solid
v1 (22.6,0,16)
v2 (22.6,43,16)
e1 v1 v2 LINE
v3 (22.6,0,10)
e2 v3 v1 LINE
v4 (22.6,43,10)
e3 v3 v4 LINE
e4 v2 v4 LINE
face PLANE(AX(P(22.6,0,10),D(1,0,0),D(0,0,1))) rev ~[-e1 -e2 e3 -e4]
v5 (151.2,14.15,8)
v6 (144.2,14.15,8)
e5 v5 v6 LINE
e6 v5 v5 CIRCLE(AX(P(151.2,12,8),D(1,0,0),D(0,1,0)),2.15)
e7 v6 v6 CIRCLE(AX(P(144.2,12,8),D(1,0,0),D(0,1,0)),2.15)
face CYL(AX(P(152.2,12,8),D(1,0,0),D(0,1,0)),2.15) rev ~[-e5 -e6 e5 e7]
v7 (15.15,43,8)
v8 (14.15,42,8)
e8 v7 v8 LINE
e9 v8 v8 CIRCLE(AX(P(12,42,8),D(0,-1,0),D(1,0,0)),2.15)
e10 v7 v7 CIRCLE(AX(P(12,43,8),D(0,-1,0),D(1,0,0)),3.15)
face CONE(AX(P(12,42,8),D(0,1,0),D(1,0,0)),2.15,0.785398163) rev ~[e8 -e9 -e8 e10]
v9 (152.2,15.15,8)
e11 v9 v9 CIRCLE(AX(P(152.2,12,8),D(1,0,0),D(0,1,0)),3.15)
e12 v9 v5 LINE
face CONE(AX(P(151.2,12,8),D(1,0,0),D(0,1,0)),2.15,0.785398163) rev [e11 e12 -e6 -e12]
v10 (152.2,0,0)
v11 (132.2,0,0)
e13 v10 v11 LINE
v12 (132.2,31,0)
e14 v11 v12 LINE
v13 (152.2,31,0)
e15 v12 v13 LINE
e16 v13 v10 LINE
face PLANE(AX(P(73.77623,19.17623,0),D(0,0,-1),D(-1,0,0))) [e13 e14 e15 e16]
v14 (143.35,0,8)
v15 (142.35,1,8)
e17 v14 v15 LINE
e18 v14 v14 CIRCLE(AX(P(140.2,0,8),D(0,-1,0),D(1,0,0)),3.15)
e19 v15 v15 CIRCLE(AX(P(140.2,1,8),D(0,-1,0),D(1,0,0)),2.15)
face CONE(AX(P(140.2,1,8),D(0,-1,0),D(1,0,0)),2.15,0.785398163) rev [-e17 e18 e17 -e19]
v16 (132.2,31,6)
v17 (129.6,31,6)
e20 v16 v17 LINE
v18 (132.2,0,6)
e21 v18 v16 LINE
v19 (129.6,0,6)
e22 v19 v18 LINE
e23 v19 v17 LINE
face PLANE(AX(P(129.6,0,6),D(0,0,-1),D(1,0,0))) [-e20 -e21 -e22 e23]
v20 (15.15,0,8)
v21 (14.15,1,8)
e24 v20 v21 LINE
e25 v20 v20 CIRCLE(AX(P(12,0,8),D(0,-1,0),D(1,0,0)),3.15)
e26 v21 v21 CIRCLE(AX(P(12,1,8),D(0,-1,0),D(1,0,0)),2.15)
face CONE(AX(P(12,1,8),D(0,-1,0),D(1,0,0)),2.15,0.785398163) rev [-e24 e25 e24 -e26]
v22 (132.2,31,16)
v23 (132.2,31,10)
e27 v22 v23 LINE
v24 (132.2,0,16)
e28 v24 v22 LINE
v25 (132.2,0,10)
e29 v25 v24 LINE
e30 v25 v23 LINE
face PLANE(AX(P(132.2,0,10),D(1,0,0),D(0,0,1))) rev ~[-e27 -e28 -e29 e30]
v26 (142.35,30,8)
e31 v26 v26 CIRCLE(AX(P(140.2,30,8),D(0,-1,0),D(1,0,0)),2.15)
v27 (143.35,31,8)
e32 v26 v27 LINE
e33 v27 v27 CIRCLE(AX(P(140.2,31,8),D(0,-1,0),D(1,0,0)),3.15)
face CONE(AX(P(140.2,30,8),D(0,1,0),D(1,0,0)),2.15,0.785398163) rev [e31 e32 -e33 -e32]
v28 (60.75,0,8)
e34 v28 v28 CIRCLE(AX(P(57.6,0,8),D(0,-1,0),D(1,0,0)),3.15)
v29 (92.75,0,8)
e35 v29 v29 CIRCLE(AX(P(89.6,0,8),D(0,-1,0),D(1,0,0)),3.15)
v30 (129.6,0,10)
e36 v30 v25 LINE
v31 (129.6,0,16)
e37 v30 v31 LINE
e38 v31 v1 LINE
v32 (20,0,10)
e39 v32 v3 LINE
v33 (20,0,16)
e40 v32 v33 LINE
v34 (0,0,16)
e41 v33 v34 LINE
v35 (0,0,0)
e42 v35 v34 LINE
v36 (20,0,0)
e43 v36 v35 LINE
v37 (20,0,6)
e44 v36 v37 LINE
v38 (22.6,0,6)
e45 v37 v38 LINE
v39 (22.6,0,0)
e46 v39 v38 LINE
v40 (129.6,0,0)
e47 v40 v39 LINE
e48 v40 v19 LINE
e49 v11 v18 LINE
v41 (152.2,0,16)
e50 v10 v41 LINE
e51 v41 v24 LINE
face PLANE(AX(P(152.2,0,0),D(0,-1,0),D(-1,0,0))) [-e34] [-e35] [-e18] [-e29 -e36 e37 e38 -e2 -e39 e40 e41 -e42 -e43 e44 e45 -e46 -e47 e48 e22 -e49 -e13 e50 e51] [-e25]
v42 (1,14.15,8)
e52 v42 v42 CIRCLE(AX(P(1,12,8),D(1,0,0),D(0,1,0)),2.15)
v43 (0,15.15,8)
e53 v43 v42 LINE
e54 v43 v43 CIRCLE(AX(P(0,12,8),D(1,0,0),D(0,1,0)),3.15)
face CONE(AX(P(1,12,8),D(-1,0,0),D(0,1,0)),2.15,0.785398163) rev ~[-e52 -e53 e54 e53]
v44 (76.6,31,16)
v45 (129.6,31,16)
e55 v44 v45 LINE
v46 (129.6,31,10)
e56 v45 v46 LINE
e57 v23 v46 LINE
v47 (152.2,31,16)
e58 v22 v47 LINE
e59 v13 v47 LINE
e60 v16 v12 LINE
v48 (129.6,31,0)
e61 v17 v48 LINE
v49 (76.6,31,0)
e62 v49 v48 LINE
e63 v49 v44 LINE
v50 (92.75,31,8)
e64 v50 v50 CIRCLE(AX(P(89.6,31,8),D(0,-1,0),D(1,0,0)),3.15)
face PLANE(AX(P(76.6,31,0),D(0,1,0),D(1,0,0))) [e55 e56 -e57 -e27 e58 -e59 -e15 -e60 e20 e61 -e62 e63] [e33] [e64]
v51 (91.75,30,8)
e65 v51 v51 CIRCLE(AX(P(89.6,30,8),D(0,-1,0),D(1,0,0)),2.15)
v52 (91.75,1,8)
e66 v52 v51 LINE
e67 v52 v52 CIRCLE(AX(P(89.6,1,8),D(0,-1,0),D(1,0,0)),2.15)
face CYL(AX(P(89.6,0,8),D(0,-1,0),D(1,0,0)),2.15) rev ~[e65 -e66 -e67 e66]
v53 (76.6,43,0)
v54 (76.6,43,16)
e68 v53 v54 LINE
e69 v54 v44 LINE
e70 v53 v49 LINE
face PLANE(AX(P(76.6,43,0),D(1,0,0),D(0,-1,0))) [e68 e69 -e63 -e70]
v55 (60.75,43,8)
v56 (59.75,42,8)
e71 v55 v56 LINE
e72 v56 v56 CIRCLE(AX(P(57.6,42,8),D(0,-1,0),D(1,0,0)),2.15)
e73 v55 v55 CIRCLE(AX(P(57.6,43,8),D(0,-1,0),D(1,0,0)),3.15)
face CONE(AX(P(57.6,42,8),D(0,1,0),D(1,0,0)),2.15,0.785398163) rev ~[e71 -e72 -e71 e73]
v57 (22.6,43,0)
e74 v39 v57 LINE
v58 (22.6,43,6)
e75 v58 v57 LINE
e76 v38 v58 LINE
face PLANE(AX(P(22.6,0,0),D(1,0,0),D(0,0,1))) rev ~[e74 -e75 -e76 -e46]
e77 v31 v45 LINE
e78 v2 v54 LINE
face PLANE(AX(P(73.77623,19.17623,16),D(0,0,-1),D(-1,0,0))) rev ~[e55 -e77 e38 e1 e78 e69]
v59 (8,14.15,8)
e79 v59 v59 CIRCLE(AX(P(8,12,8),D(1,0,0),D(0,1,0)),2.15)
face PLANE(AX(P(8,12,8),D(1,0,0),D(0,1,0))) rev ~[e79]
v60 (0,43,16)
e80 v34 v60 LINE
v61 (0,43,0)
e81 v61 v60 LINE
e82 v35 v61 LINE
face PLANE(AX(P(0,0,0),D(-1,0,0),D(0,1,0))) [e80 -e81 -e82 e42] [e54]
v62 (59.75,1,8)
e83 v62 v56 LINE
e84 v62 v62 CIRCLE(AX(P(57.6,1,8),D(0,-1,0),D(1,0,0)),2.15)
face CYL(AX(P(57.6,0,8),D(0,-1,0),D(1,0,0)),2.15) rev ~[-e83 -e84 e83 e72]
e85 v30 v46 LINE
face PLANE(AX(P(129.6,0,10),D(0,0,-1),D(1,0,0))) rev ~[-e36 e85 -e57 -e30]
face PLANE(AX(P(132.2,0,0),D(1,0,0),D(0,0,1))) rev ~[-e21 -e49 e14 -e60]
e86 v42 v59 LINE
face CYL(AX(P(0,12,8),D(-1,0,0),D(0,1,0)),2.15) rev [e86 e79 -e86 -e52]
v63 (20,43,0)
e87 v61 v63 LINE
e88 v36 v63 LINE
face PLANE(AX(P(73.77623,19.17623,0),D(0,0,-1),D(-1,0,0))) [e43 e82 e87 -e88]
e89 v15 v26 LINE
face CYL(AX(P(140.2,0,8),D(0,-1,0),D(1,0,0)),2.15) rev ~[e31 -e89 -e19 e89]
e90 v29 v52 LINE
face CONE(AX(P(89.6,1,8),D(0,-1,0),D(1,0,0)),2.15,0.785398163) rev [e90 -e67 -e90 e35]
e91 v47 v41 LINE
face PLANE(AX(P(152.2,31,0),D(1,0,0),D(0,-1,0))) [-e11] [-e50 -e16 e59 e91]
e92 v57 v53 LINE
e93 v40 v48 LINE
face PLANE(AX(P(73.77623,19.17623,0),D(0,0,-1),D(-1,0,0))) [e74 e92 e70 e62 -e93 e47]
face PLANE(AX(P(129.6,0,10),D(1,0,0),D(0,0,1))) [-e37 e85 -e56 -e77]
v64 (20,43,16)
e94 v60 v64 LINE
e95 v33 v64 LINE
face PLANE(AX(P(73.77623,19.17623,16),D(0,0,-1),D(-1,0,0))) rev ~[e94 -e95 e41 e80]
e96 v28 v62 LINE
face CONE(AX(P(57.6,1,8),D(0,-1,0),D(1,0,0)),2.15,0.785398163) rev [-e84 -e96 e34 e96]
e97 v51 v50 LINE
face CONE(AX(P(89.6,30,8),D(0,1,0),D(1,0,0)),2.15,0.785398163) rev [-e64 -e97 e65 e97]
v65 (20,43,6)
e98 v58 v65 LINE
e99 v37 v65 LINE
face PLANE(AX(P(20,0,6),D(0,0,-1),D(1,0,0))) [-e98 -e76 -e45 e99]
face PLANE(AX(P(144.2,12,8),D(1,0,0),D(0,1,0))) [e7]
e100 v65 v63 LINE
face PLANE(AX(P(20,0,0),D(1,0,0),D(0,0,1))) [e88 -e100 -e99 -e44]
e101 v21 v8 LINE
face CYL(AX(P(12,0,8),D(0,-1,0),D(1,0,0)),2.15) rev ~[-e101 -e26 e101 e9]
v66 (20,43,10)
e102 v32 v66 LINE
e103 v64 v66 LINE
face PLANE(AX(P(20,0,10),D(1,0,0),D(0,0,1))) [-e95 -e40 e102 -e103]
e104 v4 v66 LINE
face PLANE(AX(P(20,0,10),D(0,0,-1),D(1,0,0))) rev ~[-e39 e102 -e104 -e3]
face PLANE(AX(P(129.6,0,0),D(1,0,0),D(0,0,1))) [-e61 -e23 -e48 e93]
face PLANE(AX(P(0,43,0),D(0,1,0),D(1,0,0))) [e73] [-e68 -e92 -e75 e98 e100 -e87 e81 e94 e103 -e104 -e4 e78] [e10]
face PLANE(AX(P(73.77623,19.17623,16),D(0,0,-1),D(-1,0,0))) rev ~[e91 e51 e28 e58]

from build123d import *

# Parameters (mm, degrees)
PAD_DEPTH       = 16
SKETCH001_R     = 2.15
SKETCH001_W     = 2.6
SKETCH001_H     = 6
POCKET_DEPTH    = 43.001
CHAMFER_SIZE    = 1
SKETCH002_R     = 2.15
POCKET001_DEPTH = 8
SKETCH003_R     = 2.15
POCKET002_DEPTH = 8
CHAMFER001_SIZE = 1


with BuildPart() as part:
    # Sketch → Pad (new body)
    with BuildSketch(Plane.XY):
        Polygon((0, 0), (0, 43), (76.6, 43), (76.6, 31), (152.2, 31), (152.2, 0), align=None)
    extrude(amount=PAD_DEPTH)

    # Sketch001 → Pocket (cut, through all)
    with BuildSketch(Plane.XZ):
        with Locations((12, 8)):
            Circle(SKETCH001_R)
        with Locations((89.6, 8)):
            Circle(SKETCH001_R)
        with Locations((140.2, 8)):
            Circle(SKETCH001_R)
        with Locations((57.6, 8)):
            Circle(SKETCH001_R)
        with Locations((21.3, 3)):
            Rectangle(SKETCH001_W, SKETCH001_H)
        with Locations((21.3, 13)):
            Rectangle(SKETCH001_W, SKETCH001_H)
        with Locations((130.9, 13)):
            Rectangle(SKETCH001_W, SKETCH001_H)
        with Locations((130.9, 3)):
            Rectangle(SKETCH001_W, SKETCH001_H)
    extrude(amount=-POCKET_DEPTH, mode=Mode.SUBTRACT)

    # Chamfer
    chamfer_edges = [part.edges().sort_by_distance(p)[0] for p in [
        (9.85, 0, 8),
        (55.45, 0, 8),
        (87.45, 0, 8),
        (138.05, 0, 8),
        (9.85, 43, 8),
        (55.45, 43, 8),
        (87.45, 31, 8),
        (138.05, 31, 8),
    ]]
    chamfer(chamfer_edges, length=CHAMFER_SIZE)

    # Sketch002 → Pocket001 (cut)
    with BuildSketch(Plane.YZ):
        with Locations((12, 8)):
            Circle(SKETCH002_R)
    extrude(amount=POCKET001_DEPTH, mode=Mode.SUBTRACT)

    # Sketch003 (on DatumPlane) → Pocket002 (cut)
    with BuildSketch(Plane.YZ.offset(152.2)):
        with Locations((12, 8)):
            Circle(SKETCH003_R)
    extrude(amount=-POCKET002_DEPTH, mode=Mode.SUBTRACT)

    # Chamfer001
    chamfer001_edges = [part.edges().sort_by_distance(p)[0] for p in [
        (152.2, 9.85, 8),
        (0, 9.85, 8),
    ]]
    chamfer(chamfer001_edges, length=CHAMFER001_SIZE)


solid = part.part
